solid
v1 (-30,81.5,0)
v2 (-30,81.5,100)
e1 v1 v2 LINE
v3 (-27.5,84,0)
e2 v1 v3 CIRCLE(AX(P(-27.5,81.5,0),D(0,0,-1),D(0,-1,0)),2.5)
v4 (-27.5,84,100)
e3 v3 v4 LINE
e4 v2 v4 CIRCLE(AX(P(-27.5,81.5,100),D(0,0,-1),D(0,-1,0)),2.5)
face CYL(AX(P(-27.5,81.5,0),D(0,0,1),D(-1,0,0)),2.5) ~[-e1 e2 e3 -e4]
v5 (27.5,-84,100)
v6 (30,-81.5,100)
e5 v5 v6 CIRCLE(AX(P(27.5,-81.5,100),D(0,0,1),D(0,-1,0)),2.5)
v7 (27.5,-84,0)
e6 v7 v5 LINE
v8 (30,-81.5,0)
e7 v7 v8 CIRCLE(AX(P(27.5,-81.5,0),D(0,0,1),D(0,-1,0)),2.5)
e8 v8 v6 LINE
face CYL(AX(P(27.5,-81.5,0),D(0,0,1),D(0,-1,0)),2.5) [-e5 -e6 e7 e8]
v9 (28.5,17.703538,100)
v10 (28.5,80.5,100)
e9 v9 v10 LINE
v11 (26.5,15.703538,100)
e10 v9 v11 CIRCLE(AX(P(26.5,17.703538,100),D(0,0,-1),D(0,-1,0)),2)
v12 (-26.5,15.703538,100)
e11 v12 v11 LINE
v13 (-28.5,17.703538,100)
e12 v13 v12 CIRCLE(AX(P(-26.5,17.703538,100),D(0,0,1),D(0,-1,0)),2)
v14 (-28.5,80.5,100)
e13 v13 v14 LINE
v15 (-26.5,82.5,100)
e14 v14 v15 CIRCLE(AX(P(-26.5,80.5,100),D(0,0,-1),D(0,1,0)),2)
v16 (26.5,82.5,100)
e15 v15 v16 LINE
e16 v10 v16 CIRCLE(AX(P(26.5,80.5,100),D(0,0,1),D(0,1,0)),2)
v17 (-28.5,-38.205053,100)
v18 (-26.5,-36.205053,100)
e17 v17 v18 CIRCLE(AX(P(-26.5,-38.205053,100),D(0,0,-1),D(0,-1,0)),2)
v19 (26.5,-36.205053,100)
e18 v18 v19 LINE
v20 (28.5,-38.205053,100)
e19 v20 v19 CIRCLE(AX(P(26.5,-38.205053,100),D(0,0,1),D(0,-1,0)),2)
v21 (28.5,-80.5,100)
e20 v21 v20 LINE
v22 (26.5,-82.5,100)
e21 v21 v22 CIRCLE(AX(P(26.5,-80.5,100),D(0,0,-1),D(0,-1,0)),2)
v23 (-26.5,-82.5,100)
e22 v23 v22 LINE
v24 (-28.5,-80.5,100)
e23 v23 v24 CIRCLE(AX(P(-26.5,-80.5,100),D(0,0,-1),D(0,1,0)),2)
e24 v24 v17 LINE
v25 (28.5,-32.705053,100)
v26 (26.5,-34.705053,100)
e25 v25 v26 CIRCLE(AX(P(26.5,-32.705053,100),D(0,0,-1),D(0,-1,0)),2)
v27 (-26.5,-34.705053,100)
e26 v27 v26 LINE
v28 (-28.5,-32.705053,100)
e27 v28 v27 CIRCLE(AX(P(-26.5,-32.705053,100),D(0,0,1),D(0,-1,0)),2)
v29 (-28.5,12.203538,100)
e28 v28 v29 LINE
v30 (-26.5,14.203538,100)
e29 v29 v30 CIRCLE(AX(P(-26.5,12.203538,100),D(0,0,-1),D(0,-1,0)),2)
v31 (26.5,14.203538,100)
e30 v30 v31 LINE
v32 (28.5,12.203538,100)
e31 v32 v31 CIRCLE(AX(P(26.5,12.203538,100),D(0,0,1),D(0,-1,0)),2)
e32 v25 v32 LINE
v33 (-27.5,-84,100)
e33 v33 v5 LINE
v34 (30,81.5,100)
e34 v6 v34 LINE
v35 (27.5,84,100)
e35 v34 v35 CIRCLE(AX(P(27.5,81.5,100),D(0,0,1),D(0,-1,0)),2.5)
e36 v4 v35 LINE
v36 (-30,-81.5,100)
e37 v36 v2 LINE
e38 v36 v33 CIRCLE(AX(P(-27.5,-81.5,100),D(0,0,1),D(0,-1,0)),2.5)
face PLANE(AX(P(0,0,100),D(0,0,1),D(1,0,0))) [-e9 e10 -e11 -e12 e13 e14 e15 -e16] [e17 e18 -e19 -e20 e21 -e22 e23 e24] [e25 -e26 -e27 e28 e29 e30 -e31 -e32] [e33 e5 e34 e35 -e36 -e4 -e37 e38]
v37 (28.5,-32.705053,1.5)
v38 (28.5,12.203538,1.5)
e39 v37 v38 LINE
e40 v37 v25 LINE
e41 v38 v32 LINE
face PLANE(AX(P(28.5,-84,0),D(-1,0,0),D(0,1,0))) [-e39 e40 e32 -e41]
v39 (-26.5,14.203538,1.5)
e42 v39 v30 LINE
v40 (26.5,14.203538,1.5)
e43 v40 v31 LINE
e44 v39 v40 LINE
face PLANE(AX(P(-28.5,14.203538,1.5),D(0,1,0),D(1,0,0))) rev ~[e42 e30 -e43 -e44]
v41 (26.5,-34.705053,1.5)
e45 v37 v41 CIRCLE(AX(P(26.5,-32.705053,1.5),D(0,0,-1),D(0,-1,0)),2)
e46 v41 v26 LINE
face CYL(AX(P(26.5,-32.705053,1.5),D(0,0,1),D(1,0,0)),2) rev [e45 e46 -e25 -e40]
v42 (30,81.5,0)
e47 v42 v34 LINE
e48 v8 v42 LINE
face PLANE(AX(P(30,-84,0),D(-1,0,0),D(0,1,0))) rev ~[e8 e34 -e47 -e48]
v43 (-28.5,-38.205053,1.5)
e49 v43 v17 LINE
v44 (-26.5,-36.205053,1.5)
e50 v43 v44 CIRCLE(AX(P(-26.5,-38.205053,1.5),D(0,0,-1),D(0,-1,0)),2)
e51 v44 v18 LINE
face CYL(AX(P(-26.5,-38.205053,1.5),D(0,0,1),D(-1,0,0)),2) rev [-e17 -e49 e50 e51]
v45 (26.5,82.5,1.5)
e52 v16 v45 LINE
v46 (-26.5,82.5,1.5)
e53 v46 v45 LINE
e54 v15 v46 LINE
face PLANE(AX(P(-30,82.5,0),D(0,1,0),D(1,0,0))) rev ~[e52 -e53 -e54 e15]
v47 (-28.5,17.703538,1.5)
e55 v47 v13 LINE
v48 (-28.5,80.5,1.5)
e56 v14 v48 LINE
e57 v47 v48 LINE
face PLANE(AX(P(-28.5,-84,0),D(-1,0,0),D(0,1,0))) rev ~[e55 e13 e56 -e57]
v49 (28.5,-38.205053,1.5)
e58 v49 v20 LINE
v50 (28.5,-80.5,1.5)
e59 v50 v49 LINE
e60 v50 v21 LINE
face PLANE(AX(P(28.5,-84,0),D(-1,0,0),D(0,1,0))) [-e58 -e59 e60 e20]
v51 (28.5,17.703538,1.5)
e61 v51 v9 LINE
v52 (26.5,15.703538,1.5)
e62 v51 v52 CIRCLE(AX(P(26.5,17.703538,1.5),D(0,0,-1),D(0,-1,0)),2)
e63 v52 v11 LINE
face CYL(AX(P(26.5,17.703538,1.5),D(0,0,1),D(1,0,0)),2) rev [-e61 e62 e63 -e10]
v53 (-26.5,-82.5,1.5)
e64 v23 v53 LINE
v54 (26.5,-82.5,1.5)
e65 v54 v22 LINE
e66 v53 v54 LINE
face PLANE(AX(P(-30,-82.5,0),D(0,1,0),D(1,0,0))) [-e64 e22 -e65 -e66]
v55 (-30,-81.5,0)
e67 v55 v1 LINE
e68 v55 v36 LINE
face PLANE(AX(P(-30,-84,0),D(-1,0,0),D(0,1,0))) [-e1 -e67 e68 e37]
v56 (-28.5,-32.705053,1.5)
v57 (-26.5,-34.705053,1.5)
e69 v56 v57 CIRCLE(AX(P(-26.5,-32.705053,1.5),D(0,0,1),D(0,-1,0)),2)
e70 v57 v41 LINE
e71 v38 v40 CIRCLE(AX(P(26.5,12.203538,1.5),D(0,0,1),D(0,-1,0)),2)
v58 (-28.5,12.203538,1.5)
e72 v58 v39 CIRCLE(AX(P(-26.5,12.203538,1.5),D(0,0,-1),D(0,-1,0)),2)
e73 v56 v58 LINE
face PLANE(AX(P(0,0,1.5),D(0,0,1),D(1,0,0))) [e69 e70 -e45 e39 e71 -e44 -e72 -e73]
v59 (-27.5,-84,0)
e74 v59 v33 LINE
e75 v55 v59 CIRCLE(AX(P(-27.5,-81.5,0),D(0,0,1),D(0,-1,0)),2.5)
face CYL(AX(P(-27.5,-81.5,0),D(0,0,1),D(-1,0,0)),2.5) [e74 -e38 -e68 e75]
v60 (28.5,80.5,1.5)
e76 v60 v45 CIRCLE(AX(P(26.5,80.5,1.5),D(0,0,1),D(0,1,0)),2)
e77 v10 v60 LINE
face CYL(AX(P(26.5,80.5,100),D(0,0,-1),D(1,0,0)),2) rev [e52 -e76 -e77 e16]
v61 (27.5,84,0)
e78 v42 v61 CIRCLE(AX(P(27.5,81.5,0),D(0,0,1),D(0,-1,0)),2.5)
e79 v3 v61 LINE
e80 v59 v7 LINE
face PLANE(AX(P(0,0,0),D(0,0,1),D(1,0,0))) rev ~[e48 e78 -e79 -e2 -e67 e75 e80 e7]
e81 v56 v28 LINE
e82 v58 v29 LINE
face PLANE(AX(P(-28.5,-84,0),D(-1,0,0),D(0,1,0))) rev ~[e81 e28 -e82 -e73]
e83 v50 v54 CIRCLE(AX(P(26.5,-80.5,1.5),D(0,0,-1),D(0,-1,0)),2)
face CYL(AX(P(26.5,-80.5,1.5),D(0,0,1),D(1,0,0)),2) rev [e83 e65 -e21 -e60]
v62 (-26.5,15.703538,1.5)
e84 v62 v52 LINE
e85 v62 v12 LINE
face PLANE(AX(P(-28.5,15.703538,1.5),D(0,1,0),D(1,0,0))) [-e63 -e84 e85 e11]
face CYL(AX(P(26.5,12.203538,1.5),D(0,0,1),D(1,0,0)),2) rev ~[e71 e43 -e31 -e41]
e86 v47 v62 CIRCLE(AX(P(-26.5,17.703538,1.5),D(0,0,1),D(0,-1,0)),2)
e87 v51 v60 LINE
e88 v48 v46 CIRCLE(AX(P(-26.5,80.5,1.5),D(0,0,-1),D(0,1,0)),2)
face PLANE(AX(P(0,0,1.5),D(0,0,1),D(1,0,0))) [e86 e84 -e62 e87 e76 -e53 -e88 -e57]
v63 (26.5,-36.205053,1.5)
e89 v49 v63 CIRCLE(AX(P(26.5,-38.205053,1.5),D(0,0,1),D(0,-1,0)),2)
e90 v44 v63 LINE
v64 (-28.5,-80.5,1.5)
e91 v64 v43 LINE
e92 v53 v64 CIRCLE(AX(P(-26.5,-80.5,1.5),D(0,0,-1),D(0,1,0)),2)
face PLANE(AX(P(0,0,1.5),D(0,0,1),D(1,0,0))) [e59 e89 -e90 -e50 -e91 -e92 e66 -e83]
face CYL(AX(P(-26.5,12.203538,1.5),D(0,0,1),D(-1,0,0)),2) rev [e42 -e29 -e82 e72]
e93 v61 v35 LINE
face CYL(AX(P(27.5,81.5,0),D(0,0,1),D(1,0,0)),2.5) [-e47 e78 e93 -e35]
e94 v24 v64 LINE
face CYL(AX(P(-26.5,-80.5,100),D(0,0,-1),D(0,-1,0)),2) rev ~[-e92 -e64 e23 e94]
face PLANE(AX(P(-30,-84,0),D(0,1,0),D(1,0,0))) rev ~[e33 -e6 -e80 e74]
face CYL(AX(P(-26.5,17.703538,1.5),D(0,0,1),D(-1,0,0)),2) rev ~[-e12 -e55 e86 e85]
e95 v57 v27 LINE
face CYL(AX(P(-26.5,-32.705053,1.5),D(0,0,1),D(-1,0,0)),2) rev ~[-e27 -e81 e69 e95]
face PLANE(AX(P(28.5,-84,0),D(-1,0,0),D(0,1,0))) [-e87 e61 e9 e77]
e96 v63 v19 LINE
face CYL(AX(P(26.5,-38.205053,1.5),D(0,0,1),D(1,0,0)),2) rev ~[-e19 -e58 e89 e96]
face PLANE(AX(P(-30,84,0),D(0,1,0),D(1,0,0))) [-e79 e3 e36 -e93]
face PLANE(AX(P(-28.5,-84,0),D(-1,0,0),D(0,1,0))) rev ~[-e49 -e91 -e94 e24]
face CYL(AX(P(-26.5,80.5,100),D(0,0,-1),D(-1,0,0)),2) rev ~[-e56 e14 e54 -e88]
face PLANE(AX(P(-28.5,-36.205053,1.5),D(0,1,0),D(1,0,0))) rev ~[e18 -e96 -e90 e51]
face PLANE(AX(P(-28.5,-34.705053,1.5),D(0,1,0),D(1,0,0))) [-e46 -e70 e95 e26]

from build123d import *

# Parameters (mm, degrees)
F0_W     = 60
F0_H     = 168
F1_DEPTH = 100
F2_T     = -1.5
F3_W     = 57
F3_H     = 1.5
F4_DEPTH = 98.5
F5_R     = 2
F6_R     = 2.5


with BuildPart() as f1:
    # F0 (on Top) → F1 (new body)
    with BuildSketch(Plane.XY):
        Rectangle(F0_W, F0_H)
    extrude(amount=F1_DEPTH)

    # F2
    f2_openings = [f1.faces().sort_by_distance(p)[0] for p in [
        (0, 0, 100),
    ]]
    offset(amount=F2_T, openings=f2_openings)

    # F3 (on face) → F4 (join, through all)
    with BuildSketch(Plane.XY.offset(1.5)):
        with Locations((0, 14.9535381934)):
            Rectangle(F3_W, F3_H)
        with Locations((0, -35.4550533295)):
            Rectangle(F3_W, F3_H)
    extrude(amount=F4_DEPTH)

    # F5
    f5_edges = [f1.edges().sort_by_distance(p)[0] for p in [
        (-28.5, -82.5, 50.75),
        (-28.5, 14.203538, 50.75),
        (-28.5, 82.5, 50.75),
        (28.5, 82.5, 50.75),
        (28.5, 15.703538, 50.75),
        (28.5, -82.5, 50.75),
        (28.5, 14.203538, 50.75),
        (-28.5, 15.703538, 50.75),
        (-28.5, -36.205053, 50.75),
        (-28.5, -34.705053, 50.75),
        (28.5, -34.705053, 50.75),
        (28.5, -36.205053, 50.75),
    ]]
    fillet(f5_edges, radius=F5_R)

    # F6
    f6_edges = [f1.edges().sort_by_distance(p)[0] for p in [
        (30, -84, 50),
        (-30, -84, 50),
        (30, 84, 50),
        (-30, 84, 50),
    ]]
    fillet(f6_edges, radius=F6_R)


solid = f1.part
